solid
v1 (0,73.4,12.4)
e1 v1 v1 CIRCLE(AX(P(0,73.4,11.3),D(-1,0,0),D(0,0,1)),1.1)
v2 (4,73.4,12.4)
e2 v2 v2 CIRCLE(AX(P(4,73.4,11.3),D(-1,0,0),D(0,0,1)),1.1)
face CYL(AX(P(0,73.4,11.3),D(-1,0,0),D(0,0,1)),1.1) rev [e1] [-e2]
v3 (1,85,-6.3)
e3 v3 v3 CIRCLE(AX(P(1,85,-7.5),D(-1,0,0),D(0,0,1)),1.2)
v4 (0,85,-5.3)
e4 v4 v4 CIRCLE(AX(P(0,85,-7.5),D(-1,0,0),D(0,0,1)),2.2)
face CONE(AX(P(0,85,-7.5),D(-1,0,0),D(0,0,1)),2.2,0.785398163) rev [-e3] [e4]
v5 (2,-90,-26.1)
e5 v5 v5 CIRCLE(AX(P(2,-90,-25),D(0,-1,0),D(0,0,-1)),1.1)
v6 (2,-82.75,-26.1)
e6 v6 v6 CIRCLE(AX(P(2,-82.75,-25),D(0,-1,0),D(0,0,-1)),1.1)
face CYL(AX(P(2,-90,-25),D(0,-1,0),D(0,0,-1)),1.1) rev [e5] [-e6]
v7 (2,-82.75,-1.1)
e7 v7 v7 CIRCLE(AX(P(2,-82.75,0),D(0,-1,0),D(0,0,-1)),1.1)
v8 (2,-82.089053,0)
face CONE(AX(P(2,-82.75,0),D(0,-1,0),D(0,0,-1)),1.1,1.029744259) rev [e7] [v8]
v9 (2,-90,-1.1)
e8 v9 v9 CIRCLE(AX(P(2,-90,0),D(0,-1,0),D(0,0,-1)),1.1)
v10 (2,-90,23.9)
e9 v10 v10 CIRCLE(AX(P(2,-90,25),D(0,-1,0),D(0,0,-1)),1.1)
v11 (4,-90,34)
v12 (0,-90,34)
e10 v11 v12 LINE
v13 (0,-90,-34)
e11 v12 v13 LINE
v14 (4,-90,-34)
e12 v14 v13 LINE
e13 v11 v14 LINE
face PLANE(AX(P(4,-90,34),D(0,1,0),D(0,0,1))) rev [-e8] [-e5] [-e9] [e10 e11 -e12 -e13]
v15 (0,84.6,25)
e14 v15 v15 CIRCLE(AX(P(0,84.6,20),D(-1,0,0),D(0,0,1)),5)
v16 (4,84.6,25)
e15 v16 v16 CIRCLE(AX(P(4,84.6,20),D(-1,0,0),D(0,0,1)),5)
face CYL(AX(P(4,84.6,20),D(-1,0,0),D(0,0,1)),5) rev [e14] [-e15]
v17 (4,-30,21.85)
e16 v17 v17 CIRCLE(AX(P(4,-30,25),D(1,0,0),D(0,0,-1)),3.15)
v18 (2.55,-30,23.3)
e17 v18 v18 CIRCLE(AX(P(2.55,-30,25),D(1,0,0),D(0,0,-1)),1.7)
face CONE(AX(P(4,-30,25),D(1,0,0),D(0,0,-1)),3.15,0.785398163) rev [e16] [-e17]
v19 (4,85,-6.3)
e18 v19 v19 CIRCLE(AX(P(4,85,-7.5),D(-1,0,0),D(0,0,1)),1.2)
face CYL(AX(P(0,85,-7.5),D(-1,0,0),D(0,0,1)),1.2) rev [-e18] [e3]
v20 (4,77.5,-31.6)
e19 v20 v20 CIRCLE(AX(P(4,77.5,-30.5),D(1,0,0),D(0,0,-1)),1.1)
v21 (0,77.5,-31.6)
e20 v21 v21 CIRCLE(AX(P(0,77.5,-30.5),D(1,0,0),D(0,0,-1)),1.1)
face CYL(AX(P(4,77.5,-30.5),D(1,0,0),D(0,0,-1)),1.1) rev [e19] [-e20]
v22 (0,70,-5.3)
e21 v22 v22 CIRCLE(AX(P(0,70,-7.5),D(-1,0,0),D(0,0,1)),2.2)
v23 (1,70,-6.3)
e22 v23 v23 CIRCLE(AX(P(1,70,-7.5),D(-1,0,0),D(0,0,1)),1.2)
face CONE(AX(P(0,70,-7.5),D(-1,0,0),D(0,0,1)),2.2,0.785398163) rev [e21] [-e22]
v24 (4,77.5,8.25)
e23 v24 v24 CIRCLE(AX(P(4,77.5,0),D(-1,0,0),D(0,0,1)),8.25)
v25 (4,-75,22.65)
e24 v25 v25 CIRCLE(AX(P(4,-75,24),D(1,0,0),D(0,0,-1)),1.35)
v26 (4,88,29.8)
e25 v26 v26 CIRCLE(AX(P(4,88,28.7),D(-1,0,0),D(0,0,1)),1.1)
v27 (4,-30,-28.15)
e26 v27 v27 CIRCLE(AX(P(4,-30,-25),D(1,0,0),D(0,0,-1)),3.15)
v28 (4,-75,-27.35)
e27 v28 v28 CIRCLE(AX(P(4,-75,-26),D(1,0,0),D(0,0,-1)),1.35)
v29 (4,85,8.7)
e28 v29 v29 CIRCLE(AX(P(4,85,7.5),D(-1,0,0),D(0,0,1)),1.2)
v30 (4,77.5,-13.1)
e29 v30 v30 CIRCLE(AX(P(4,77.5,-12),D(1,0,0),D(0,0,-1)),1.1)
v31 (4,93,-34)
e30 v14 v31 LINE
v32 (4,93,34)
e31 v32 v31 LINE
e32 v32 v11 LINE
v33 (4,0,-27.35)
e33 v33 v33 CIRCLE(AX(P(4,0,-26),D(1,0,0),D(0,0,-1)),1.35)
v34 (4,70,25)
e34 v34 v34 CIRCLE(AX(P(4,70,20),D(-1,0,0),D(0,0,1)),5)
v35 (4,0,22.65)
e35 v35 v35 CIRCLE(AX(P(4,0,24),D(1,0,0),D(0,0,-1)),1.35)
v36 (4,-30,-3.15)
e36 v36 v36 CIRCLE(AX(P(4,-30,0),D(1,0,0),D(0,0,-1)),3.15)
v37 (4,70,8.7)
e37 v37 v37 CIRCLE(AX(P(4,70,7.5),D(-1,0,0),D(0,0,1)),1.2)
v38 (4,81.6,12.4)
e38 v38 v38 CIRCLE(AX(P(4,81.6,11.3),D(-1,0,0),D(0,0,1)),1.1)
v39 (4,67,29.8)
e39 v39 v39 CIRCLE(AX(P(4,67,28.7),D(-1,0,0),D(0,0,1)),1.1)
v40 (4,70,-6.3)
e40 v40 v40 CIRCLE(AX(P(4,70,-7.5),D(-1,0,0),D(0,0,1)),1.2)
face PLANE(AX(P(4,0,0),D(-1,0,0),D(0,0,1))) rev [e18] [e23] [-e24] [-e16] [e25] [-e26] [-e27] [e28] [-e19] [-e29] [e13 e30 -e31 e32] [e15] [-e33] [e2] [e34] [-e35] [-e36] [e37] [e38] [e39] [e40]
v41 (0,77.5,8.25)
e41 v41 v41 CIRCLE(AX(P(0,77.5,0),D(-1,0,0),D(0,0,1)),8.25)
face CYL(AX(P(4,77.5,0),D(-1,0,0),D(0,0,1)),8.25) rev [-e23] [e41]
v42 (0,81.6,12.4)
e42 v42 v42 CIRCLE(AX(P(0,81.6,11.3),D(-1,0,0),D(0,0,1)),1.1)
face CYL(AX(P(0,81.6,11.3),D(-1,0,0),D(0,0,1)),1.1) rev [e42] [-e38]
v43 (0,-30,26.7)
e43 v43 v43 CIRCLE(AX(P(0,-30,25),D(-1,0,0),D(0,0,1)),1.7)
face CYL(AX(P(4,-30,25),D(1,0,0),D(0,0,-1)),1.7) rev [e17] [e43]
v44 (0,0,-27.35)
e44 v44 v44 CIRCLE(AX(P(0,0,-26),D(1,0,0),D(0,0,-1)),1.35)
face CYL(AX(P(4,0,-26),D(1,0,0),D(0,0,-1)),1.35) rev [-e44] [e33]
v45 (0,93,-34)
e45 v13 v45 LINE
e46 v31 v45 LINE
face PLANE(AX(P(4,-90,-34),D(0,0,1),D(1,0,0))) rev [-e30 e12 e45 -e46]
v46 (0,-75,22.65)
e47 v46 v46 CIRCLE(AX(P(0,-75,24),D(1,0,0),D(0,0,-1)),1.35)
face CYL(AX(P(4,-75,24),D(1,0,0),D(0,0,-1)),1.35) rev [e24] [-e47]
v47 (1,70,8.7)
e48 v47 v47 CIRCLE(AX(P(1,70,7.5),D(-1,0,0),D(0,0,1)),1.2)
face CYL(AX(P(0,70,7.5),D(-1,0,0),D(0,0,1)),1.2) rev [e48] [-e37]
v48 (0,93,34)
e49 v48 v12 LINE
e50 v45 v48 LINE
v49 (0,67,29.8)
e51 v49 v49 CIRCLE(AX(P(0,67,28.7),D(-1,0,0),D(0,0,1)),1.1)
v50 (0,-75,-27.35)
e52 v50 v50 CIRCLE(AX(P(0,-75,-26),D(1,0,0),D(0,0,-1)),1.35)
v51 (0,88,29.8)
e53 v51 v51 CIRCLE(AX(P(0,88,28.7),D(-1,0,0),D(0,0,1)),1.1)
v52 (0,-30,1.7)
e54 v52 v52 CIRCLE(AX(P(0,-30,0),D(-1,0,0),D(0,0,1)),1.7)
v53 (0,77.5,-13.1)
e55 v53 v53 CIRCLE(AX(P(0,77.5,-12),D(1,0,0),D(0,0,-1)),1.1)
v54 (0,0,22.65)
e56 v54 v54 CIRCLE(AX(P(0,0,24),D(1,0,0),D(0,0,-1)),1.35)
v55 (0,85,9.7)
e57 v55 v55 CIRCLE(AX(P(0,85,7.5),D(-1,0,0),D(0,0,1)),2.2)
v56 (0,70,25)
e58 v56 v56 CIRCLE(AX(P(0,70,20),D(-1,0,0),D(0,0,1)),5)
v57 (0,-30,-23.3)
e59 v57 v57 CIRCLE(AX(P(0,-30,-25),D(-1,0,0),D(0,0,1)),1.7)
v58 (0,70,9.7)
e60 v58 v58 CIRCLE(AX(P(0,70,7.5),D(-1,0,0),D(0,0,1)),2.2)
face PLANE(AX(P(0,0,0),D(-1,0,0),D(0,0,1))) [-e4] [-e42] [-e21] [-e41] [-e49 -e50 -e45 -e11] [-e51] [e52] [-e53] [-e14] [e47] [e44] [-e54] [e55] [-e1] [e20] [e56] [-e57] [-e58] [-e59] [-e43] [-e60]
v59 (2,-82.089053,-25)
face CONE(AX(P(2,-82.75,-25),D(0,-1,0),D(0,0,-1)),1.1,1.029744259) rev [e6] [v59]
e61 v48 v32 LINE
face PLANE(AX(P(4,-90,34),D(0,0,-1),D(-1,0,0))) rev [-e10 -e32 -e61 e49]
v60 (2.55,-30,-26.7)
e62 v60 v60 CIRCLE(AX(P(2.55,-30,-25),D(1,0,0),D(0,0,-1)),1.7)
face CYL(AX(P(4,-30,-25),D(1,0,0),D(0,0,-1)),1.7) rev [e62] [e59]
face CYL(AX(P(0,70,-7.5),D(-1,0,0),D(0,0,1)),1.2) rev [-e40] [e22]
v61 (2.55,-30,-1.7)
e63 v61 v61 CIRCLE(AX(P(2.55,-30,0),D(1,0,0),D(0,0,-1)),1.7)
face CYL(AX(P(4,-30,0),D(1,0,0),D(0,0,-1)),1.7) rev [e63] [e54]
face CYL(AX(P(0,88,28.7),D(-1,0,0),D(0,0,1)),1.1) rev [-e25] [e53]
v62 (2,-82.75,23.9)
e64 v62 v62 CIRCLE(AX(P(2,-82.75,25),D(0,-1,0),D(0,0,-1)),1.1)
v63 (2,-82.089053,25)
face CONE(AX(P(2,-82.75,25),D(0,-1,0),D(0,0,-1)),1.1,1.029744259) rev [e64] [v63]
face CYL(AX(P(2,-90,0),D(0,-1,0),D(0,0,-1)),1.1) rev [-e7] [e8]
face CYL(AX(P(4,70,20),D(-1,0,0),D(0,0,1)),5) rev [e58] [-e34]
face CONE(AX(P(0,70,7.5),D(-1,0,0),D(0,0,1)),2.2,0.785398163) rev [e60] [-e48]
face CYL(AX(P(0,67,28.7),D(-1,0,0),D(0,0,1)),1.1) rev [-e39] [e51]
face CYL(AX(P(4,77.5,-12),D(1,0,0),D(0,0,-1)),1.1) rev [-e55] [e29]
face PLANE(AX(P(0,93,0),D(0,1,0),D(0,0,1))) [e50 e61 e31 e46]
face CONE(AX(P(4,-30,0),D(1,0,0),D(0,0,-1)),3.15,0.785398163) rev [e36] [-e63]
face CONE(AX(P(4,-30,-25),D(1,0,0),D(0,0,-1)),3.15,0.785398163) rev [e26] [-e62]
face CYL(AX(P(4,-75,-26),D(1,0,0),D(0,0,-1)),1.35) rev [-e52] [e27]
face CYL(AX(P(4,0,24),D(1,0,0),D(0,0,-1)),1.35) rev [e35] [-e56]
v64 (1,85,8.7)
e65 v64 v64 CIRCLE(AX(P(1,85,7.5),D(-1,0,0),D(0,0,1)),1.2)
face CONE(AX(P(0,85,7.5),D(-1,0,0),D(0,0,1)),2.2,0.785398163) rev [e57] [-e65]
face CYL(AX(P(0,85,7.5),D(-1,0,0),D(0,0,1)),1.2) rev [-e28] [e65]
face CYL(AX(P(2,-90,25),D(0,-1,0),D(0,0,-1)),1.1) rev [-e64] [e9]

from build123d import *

# Parameters (mm, degrees)
SKETCH_1_W                   = 68
SKETCH_1_H                   = 180
EXTRUDE_1_DEPTH              = 4
HOLE_WIZARD_M2_1_D           = 2.4
HOLE_WIZARD_M2_1_DEPTH       = 7.5
HOLE_WIZARD_M2_1_CSINK_D     = 4.4
HOLE_WIZARD_M2_1_CSINK_ANGLE = 90
HOLE_WIZARD_M2_1_TIP         = 0.721032743
SKETCH_4_R                   = 8.25
CUT_EXTRUDE_1_DEPTH          = 97.291224938
HOLE_WIZARD_M3_1_D           = 3.4
HOLE_WIZARD_M3_1_DEPTH       = 7.5
HOLE_WIZARD_M3_1_CSINK_D     = 6.3
HOLE_WIZARD_M3_1_CSINK_ANGLE = 90
HOLE_WIZARD_M3_1_TIP         = 1.021463052
F_1_0MM_1_D                  = 2.2
SKETCH_17_W                  = 4
SKETCH_17_H                  = 68
EXTRUDE_2_DEPTH              = 3
F_1_0MM_2_D                  = 2.2
F_1_0MM_2_DEPTH              = 6.35
F_1_0MM_2_TIP                = 0.660946681
SKETCH_21_R                  = 5
CUT_EXTRUDE_4_DEPTH          = 100.100958623
F_1_0MM_3_D                  = 2.2
F_1_0MM_3_DEPTH              = 7.25
F_1_0MM_3_TIP                = 0.660946681
F_1_0MM_4_D                  = 2.7


with BuildPart() as part:
    # 草圖1 → 填料-伸長1 (new body)
    with BuildSketch(Plane(origin=(0, 0, 0), x_dir=(0, 0, -1), z_dir=(1, 0, 0))):
        Rectangle(SKETCH_1_W, SKETCH_1_H)
    extrude(amount=EXTRUDE_1_DEPTH)

    # M2 錐坑平頭螺釘的錐孔1
    with Locations(Plane.ZY):
        with Locations((-7.5, 85), (-7.5, 70), (7.5, 85), (7.5, 70)):
            CounterSinkHole(HOLE_WIZARD_M2_1_D / 2, HOLE_WIZARD_M2_1_CSINK_D / 2, depth=HOLE_WIZARD_M2_1_DEPTH, counter_sink_angle=HOLE_WIZARD_M2_1_CSINK_ANGLE)
            with Locations((0, 0, -(HOLE_WIZARD_M2_1_DEPTH + HOLE_WIZARD_M2_1_TIP / 2))):  # 118° drill point
                Cone(0, HOLE_WIZARD_M2_1_D / 2, HOLE_WIZARD_M2_1_TIP, mode=Mode.SUBTRACT)

    # 草圖4 → 除料-伸長1 (cut, through all)
    with BuildSketch(Plane.ZY):
        with Locations((0, 77.5)):
            Circle(SKETCH_4_R)
    extrude(amount=-CUT_EXTRUDE_1_DEPTH, mode=Mode.SUBTRACT)

    # M3 錐坑平頭螺釘的錐孔1
    with Locations(Plane(origin=(4, 0, 0), x_dir=(0, 0, -1), z_dir=(1, 0, 0))):
        with Locations((-25, -30), (0, -30), (25, -30)):
            CounterSinkHole(HOLE_WIZARD_M3_1_D / 2, HOLE_WIZARD_M3_1_CSINK_D / 2, depth=HOLE_WIZARD_M3_1_DEPTH, counter_sink_angle=HOLE_WIZARD_M3_1_CSINK_ANGLE)
            with Locations((0, 0, -(HOLE_WIZARD_M3_1_DEPTH + HOLE_WIZARD_M3_1_TIP / 2))):  # 118° drill point
                Cone(0, HOLE_WIZARD_M3_1_D / 2, HOLE_WIZARD_M3_1_TIP, mode=Mode.SUBTRACT)

    # Ø1.0mm 定位孔1 (through all)
    with Locations(Plane(origin=(4, 0, 0), x_dir=(0, 0, -1), z_dir=(1, 0, 0))):
        with Locations((12, 77.5), (30.5, 77.5)):
            Hole(F_1_0MM_1_D / 2)

    # 草圖17 → 填料-伸長2 (add)
    with BuildSketch(Plane(origin=(0, 90, 0), x_dir=(1, 0, 0), z_dir=(0, 1, 0))):
        with Locations((2, 0)):
            Rectangle(SKETCH_17_W, SKETCH_17_H)
    extrude(amount=EXTRUDE_2_DEPTH)

    # Ø1.0mm 定位孔2
    with Locations(Plane.ZY):
        with Locations((28.7, 88), (28.7, 67), (11.3, 81.6), (11.3, 73.4)):
            Hole(F_1_0MM_2_D / 2, depth=F_1_0MM_2_DEPTH)
            with Locations((0, 0, -(F_1_0MM_2_DEPTH + F_1_0MM_2_TIP / 2))):  # 118° drill point
                Cone(0, F_1_0MM_2_D / 2, F_1_0MM_2_TIP, mode=Mode.SUBTRACT)

    # 草圖21 → 除料-伸長4 (cut, through all)
    with BuildSketch(Plane.ZY):
        with Locations((20, 84.6)):
            Circle(SKETCH_21_R)
        with Locations((20, 70)):
            Circle(SKETCH_21_R)
    extrude(amount=-CUT_EXTRUDE_4_DEPTH, mode=Mode.SUBTRACT)

    # Ø1.0mm 定位孔3
    with Locations(Plane(origin=(0, -90, 0), x_dir=(-1, 0, 0), z_dir=(0, -1, 0))):
        with Locations((-2, 0), (-2, -25), (-2, 25)):
            Hole(F_1_0MM_3_D / 2, depth=F_1_0MM_3_DEPTH)
            with Locations((0, 0, -(F_1_0MM_3_DEPTH + F_1_0MM_3_TIP / 2))):  # 118° drill point
                Cone(0, F_1_0MM_3_D / 2, F_1_0MM_3_TIP, mode=Mode.SUBTRACT)

    # Ø1.0mm 定位孔4 (through all)
    with Locations(Plane(origin=(4, 0, 0), x_dir=(0, 0, -1), z_dir=(1, 0, 0))):
        with Locations((26, -75), (26, 0), (-24, 0), (-24, -75)):
            Hole(F_1_0MM_4_D / 2)


solid = part.part
